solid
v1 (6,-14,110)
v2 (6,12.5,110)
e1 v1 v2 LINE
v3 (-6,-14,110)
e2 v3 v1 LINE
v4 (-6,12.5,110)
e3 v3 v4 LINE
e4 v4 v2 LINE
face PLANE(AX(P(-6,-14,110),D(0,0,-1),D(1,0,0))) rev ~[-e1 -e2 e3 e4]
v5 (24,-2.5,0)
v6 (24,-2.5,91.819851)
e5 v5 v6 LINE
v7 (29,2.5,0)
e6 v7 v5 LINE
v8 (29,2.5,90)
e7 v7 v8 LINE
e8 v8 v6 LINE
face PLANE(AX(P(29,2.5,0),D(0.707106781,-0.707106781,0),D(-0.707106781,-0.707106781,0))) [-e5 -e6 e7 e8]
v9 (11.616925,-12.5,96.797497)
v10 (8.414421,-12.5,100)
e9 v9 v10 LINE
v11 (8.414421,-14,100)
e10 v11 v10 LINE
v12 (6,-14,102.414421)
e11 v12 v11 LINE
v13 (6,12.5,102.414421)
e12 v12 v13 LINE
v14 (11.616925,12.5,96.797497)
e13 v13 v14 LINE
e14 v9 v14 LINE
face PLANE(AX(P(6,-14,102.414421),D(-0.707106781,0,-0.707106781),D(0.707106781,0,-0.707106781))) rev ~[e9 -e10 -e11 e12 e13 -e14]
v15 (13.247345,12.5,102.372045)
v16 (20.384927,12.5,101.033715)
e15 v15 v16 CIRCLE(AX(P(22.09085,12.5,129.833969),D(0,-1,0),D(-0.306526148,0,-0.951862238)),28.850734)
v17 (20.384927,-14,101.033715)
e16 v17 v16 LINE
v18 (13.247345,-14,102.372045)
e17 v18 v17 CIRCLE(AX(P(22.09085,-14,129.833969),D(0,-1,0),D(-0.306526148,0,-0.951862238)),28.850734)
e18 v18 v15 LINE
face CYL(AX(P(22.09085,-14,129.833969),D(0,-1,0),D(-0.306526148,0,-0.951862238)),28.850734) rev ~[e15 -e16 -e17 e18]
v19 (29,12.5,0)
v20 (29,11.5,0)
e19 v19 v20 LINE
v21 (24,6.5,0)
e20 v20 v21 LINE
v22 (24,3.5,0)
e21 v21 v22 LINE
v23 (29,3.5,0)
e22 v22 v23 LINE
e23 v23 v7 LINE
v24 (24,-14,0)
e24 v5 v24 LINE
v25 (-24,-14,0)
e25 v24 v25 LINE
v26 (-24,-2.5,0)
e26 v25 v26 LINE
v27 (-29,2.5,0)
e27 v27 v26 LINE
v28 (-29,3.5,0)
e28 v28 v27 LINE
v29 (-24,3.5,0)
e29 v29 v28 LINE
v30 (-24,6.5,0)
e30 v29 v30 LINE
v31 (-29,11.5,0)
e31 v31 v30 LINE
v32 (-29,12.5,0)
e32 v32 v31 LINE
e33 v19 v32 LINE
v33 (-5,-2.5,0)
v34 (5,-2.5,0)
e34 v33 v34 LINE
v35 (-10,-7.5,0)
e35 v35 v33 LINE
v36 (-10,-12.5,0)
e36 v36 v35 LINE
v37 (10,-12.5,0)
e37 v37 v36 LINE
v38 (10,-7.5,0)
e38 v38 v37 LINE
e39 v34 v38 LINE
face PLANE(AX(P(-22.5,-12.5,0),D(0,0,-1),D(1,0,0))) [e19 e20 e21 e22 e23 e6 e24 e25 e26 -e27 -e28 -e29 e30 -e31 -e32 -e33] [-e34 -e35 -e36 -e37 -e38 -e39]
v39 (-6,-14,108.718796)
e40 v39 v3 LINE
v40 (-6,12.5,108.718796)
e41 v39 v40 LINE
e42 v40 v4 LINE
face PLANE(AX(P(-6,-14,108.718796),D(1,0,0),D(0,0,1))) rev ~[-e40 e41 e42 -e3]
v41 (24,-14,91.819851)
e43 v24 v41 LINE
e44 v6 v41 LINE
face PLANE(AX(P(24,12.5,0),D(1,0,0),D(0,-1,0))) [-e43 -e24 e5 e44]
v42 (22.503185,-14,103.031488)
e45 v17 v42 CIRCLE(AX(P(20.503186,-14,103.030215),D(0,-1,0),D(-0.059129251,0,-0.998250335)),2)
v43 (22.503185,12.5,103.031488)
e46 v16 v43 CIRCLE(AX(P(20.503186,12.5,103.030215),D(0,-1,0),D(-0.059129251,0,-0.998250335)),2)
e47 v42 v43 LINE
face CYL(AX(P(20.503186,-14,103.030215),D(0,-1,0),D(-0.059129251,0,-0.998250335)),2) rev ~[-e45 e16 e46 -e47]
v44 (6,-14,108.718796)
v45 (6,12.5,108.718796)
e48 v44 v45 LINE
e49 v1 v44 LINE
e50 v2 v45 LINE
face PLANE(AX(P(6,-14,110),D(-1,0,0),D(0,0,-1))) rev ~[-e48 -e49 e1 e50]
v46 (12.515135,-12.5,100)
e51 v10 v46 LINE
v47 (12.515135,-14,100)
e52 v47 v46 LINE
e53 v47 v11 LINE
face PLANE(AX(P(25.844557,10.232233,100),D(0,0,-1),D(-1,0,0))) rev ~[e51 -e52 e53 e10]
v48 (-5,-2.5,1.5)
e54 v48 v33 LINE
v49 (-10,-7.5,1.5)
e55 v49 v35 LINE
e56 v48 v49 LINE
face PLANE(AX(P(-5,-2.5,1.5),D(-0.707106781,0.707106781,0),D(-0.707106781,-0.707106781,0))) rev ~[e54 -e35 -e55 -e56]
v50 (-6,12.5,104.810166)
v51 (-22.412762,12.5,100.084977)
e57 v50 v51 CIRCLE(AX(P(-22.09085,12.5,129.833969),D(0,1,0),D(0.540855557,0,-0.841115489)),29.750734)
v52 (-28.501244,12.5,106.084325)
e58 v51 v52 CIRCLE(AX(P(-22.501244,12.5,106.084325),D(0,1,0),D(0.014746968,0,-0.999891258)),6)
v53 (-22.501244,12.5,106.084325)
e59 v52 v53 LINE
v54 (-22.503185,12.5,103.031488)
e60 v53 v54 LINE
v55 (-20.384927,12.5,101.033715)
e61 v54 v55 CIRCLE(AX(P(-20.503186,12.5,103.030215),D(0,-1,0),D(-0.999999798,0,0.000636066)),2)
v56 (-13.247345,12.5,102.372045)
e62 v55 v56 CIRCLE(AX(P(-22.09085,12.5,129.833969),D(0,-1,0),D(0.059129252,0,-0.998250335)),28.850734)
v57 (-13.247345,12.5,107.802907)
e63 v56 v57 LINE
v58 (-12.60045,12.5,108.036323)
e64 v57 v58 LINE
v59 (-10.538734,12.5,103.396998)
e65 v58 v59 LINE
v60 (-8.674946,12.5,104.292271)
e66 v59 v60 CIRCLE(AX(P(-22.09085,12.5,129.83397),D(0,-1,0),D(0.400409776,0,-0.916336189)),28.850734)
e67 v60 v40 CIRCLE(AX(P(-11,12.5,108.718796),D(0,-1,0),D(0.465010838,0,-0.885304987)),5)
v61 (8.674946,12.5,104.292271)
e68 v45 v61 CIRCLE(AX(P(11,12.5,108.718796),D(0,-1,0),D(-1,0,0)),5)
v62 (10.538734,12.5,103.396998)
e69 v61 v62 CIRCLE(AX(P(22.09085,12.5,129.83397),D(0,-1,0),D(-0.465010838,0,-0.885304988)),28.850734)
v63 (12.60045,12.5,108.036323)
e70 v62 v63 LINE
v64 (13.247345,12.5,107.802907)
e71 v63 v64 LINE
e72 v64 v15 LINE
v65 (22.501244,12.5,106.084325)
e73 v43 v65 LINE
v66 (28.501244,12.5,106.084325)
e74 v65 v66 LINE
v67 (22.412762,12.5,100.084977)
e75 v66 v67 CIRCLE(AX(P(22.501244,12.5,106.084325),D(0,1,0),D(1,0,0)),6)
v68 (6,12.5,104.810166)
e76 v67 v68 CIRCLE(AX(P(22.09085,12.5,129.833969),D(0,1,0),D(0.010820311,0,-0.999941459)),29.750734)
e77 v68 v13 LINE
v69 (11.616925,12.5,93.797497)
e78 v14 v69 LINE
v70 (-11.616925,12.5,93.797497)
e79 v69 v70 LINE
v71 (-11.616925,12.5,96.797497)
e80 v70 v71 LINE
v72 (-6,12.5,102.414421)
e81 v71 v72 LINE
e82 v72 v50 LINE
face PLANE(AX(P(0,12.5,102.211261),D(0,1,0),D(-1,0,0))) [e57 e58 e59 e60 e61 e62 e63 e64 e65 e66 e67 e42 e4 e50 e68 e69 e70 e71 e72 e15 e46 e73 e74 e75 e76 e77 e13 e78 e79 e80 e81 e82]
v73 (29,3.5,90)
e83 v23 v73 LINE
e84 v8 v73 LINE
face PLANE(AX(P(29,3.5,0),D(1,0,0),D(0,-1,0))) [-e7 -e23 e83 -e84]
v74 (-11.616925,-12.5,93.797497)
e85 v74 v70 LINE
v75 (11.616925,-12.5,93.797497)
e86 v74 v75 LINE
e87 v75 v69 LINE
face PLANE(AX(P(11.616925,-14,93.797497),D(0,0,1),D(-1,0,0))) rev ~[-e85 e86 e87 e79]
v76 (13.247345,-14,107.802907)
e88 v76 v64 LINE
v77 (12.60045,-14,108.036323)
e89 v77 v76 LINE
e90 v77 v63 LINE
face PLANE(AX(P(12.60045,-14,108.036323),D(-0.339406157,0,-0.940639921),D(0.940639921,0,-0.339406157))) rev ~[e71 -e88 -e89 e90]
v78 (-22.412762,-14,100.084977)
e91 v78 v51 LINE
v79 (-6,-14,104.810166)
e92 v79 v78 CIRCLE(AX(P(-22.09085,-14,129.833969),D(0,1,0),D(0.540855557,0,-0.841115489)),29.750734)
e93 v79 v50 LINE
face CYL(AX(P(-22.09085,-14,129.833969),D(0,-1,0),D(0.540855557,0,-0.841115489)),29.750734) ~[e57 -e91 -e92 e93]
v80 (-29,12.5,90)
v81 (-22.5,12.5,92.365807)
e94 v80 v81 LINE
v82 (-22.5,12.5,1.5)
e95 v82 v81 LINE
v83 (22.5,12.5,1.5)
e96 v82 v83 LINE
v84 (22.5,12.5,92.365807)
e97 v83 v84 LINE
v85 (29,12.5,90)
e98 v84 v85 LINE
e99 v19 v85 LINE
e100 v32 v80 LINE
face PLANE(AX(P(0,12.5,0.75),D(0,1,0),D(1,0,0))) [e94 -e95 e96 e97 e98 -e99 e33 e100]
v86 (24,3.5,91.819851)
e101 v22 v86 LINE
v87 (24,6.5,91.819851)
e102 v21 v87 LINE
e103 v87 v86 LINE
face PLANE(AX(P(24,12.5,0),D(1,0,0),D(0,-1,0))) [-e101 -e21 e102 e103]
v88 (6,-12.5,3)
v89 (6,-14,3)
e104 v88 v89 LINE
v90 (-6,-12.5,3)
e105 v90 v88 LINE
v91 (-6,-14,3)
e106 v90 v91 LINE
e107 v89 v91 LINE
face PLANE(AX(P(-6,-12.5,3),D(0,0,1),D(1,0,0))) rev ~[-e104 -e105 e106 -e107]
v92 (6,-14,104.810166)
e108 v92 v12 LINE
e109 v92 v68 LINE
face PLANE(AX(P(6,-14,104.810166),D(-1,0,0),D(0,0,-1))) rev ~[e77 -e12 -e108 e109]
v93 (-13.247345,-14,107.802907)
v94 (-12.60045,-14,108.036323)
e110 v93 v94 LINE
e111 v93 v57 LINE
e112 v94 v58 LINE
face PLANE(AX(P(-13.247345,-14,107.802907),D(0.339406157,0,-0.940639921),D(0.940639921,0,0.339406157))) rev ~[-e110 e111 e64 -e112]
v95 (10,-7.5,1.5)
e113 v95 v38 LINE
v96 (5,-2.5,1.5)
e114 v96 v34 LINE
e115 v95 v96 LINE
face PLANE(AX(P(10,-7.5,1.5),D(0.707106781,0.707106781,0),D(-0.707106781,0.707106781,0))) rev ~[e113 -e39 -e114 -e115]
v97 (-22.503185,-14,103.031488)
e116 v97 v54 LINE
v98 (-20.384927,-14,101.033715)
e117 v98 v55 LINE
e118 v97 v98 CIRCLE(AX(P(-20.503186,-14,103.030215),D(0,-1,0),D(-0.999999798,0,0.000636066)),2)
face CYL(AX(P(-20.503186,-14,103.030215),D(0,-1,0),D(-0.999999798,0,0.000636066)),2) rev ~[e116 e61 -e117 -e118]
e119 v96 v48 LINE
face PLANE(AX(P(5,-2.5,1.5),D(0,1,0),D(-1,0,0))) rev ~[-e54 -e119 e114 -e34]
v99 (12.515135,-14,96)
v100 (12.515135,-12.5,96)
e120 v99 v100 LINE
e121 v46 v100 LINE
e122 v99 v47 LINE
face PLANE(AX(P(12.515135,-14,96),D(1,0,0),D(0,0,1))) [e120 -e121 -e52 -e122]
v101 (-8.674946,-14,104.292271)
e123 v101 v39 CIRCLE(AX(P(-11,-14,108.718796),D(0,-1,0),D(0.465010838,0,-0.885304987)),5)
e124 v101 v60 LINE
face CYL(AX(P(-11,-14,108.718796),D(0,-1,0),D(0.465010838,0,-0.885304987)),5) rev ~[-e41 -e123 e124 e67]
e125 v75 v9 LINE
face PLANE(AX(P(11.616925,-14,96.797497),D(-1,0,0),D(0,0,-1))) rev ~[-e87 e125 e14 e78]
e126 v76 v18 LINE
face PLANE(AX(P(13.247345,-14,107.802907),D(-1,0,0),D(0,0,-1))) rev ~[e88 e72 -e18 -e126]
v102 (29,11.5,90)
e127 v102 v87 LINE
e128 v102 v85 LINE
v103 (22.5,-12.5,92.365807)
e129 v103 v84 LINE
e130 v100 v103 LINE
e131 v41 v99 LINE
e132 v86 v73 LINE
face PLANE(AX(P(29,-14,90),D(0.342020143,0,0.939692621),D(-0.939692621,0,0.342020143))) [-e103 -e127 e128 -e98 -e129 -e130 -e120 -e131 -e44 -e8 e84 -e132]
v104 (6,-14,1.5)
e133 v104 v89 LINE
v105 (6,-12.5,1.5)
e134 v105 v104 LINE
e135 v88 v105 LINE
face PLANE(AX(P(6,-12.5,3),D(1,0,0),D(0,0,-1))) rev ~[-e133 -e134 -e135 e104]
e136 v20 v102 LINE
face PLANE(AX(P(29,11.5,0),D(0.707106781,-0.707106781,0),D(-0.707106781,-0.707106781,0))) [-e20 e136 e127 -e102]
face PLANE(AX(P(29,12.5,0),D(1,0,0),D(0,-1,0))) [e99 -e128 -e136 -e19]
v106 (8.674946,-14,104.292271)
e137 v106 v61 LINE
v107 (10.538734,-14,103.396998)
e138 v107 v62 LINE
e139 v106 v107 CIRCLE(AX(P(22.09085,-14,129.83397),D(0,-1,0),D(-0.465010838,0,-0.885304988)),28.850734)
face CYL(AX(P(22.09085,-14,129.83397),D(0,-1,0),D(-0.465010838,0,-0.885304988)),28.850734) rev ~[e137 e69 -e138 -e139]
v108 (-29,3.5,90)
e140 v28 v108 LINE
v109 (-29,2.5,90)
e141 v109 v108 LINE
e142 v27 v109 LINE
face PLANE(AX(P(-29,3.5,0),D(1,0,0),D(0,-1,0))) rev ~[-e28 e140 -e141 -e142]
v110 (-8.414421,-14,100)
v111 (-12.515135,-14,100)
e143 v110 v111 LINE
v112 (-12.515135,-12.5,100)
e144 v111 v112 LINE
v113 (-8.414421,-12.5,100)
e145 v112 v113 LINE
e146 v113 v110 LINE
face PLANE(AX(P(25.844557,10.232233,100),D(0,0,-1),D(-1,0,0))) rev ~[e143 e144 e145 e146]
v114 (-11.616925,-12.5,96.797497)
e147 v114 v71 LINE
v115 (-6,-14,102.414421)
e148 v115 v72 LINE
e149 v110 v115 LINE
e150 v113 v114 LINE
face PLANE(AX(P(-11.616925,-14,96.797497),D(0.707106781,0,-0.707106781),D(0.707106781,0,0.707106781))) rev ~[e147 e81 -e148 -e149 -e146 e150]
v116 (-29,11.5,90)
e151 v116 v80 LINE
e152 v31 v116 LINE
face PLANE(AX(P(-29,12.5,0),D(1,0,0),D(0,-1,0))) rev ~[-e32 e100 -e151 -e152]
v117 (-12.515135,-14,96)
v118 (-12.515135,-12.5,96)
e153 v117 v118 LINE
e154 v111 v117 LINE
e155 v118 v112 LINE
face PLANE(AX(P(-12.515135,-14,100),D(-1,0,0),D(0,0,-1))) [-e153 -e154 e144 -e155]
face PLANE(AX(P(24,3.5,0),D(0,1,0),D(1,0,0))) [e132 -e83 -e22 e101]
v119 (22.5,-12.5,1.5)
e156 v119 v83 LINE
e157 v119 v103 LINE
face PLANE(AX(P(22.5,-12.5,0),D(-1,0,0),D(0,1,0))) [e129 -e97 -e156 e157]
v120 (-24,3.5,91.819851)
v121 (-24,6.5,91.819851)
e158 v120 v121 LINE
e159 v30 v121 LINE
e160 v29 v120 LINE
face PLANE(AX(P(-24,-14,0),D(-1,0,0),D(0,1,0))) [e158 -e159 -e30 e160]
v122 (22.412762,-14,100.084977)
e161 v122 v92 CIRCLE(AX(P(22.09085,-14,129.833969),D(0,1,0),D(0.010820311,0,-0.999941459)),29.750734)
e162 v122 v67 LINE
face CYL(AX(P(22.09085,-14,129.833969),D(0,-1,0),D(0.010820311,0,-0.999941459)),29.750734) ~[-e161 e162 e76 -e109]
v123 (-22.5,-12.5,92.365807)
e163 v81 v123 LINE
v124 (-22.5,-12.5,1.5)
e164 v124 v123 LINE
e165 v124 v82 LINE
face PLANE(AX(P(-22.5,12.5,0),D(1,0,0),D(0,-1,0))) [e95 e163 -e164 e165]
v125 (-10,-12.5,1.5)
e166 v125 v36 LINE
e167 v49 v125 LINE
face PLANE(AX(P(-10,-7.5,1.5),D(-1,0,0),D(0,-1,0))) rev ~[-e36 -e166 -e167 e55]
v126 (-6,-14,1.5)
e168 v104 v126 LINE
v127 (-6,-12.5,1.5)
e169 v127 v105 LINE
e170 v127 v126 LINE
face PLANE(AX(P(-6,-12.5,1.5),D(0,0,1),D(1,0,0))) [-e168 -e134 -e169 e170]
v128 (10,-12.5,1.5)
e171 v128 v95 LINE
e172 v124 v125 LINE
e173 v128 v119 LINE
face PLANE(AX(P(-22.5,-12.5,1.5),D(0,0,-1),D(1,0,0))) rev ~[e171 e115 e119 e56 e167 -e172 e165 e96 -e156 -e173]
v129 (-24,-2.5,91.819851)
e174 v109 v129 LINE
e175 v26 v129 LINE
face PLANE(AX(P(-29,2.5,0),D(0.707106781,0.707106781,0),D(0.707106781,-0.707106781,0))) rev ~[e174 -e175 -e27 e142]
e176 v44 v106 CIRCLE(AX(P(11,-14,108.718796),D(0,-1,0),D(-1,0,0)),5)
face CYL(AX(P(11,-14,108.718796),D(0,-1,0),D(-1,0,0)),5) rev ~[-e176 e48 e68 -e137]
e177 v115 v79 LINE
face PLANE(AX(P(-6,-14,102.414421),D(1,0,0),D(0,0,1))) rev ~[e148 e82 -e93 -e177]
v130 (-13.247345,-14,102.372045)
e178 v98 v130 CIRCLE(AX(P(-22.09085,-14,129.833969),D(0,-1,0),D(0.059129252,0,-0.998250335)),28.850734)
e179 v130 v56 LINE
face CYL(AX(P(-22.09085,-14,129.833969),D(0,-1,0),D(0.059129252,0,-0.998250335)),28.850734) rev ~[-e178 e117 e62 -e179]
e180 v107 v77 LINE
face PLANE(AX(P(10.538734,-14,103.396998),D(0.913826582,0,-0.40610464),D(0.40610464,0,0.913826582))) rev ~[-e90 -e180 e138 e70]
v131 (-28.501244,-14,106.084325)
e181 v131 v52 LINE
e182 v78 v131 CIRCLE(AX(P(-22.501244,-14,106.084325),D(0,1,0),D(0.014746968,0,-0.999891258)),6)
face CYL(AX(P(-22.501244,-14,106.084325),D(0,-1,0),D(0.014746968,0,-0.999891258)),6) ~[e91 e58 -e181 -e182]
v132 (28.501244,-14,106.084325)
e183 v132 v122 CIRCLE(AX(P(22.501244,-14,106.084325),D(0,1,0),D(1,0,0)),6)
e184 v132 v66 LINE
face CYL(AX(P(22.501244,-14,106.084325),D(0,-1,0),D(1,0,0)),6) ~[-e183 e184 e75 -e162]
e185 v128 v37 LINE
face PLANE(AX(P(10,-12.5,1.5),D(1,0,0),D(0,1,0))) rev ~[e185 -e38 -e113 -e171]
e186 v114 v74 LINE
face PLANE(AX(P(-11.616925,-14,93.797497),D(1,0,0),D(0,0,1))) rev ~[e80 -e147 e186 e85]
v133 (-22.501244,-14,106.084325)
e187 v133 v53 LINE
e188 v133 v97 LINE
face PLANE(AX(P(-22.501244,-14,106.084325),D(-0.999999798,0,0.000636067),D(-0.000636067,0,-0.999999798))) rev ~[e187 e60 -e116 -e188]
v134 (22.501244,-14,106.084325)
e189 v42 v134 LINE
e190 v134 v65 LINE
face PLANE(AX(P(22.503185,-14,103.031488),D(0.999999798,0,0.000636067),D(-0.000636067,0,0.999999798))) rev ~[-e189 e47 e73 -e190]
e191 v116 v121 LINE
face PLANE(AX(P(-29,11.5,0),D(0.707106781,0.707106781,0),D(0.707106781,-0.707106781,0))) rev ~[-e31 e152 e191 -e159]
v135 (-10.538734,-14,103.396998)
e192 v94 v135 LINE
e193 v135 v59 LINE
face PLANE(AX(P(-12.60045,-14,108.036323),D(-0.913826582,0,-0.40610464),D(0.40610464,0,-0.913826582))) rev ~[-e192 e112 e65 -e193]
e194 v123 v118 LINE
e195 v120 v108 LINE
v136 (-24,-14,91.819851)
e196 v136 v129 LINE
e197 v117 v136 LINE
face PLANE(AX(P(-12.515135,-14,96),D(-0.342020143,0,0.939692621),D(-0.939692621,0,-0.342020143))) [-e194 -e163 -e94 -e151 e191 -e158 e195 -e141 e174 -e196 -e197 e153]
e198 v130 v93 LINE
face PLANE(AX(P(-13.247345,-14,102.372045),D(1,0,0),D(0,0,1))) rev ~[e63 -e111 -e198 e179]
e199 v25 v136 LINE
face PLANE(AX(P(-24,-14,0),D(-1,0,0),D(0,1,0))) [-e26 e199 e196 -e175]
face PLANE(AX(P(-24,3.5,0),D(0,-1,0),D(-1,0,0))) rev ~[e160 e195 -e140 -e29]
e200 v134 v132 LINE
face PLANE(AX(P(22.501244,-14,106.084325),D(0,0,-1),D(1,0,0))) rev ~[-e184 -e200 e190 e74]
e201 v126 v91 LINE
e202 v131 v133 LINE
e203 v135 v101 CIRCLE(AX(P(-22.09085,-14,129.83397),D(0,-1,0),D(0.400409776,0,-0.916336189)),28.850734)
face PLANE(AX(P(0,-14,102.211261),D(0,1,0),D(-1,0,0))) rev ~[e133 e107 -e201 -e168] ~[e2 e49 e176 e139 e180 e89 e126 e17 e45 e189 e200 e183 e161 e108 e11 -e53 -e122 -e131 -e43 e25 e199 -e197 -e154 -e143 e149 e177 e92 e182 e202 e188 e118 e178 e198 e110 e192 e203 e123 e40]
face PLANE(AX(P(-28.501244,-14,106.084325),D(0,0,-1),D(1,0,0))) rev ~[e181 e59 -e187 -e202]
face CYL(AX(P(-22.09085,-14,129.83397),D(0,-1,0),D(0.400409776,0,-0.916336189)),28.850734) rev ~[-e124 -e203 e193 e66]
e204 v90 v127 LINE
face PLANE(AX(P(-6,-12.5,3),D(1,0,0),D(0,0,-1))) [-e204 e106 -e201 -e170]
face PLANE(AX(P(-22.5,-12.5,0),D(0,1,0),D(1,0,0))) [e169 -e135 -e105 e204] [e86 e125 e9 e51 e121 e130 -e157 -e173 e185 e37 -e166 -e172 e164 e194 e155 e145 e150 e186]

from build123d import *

# Parameters (mm, degrees)
RESSALTO_EXTRUS_O1_DEPTH  = 100
RESSALTO_EXTRUS_O2_DEPTH  = 100
ESBO_O3_W                 = 45
ESBO_O3_H                 = 1.5
RESSALTO_EXTRUS_O3_DEPTH  = 25
CORTE_EXTRUS_O1_DEPTH     = 104.630352696
ESBO_O5_W                 = 12
ESBO_O5_H                 = 1.5
CORTE_EXTRUS_O2_DEPTH     = 108.079409785
CORTE_EXTRUS_O3_DEPTH     = 108.439517869
RESSALTO_EXTRUS_O10_DEPTH = 26.5


with BuildPart() as part:
    # Esboço1 → Ressalto-extrusão1 (new body)
    with BuildSketch(Plane.XY):
        Polygon((-22.5, 12.5), (-22.5, -12.5), (22.5, -12.5), (22.5, 12.5), (24, 12.5), (24, -14), (-24, -14), (-24, 12.5), align=None)
    extrude(amount=RESSALTO_EXTRUS_O1_DEPTH)

    # Esboço2 → Ressalto-extrusão2 (add)
    with BuildSketch(Plane(origin=(0, 0, 0), x_dir=(-1, 0, 0), z_dir=(0, 0, -1))):
        Polygon((-24, 12.5), (-29, 12.5), (-29, 11.5), (-24, 6.5), align=None)
        Polygon((-24, 3.5), (-29, 3.5), (-29, 2.5), (-24, -2.5), align=None)
        Polygon((29, 3.5), (29, 2.5), (24, -2.5), (24, 3.5), align=None)
        Polygon((29, 12.5), (29, 11.5), (24, 6.5), (24, 12.5), align=None)
    extrude(amount=-RESSALTO_EXTRUS_O2_DEPTH)

    # Esboço3 → Ressalto-extrusão3 (add)
    with BuildSketch(Plane(origin=(0, -12.5, 0), x_dir=(1, 0, 0), z_dir=(0, 1, 0))):
        with Locations((0, -0.75)):
            Rectangle(ESBO_O3_W, ESBO_O3_H)
    extrude(amount=RESSALTO_EXTRUS_O3_DEPTH)

    # Esboço4 → Corte-extrusão1 (cut, through all)
    with BuildSketch(Plane.XY.offset(1.5)):
        Polygon((-10, -12.5), (10, -12.5), (10, -7.5), (5, -2.5), (-5, -2.5), (-10, -7.5), align=None)
    extrude(amount=-CORTE_EXTRUS_O1_DEPTH, mode=Mode.SUBTRACT)

    # Esboço5 → Corte-extrusão2 (cut, through all)
    with BuildSketch(Plane(origin=(0, -12.5, 0), x_dir=(1, 0, 0), z_dir=(0, 1, 0))):
        with Locations((0, -2.25)):
            Rectangle(ESBO_O5_W, ESBO_O5_H)
    extrude(amount=-CORTE_EXTRUS_O2_DEPTH, mode=Mode.SUBTRACT)

    # Esboço9 → Corte-extrusão3 (cut, through all)
    with BuildSketch(Plane.XZ.offset(14)):
        Polygon((-12.515135483, 96), (-29, 90), (-29, 100), (-12.515135483, 100), align=None)
        Polygon((29, 100), (29, 90), (12.515135483, 96), (12.515135483, 100), align=None)
    extrude(amount=-CORTE_EXTRUS_O3_DEPTH, mode=Mode.SUBTRACT)

    # Esboço6 → Ressalto-extrusão10 (add, through all)
    with BuildSketch(Plane.XZ.offset(14)):
        with BuildLine():
            Line((-6, 110), (6, 110))
            Line((6, 110), (6, 108.718795841))
            ThreePointArc((6, 108.718795841), (6.720673479, 106.132801926), (8.674945811, 104.292270904))
            ThreePointArc((8.674945811, 104.292270904), (9.598817012, 103.827932437), (10.538733862, 103.396997961))
            Line((10.538733862, 103.396997961), (12.600450366, 108.0363228))
            Line((12.600450366, 108.0363228), (13.247345381, 107.802907073))
            Line((13.247345381, 107.802907073), (13.247345381, 102.372045387))
            ThreePointArc((13.247345381, 102.372045387), (16.773859685, 101.477410085), (20.384927381, 101.033714749))
            ThreePointArc((20.384927381, 101.033714749), (21.87541452, 101.575227938), (22.50318548, 103.031487553))
            Line((22.50318548, 103.031487553), (22.501243671, 106.084324825))
            Line((22.501243671, 106.084324825), (28.501243671, 106.084324825))
            ThreePointArc((28.501243671, 106.084324825), (26.712485124, 101.810515585), (22.412761864, 100.08497728))
            ThreePointArc((22.412761864, 100.08497728), (13.860011295, 101.244470296), (6, 104.810166412))
            Line((6, 104.810166412), (6, 102.41442124))
            Line((6, 102.41442124), (11.616924727, 96.797496513))
            Line((11.616924727, 96.797496513), (11.616924727, 93.797496513))
            Line((11.616924727, 93.797496513), (-11.616924727, 93.797496513))
            Line((-11.616924727, 93.797496513), (-11.616924727, 96.797496513))
            Line((-11.616924727, 96.797496513), (-6, 102.41442124))
            Line((-6, 102.41442124), (-6, 104.810166412))
            ThreePointArc((-6, 104.810166412), (-13.860011295, 101.244470296), (-22.412761864, 100.08497728))
            ThreePointArc((-22.412761864, 100.08497728), (-26.712485124, 101.810515585), (-28.501243671, 106.084324825))
            Line((-28.501243671, 106.084324825), (-22.501243671, 106.084324825))
            Line((-22.501243671, 106.084324825), (-22.50318548, 103.031487553))
            ThreePointArc((-22.50318548, 103.031487553), (-21.87541452, 101.575227938), (-20.384927381, 101.033714749))
            ThreePointArc((-20.384927381, 101.033714749), (-16.773859685, 101.477410085), (-13.247345381, 102.372045387))
            Line((-13.247345381, 102.372045387), (-13.247345381, 107.802907073))
            Line((-13.247345381, 107.802907073), (-12.600450366, 108.0363228))
            Line((-12.600450366, 108.0363228), (-10.538733862, 103.396997961))
            ThreePointArc((-10.538733862, 103.396997961), (-9.598817012, 103.827932437), (-8.674945811, 104.292270904))
            ThreePointArc((-8.674945811, 104.292270904), (-6.720673479, 106.132801926), (-6, 108.718795841))
            Line((-6, 108.718795841), (-6, 110))
        make_face()
    extrude(amount=-RESSALTO_EXTRUS_O10_DEPTH)


solid = part.part
